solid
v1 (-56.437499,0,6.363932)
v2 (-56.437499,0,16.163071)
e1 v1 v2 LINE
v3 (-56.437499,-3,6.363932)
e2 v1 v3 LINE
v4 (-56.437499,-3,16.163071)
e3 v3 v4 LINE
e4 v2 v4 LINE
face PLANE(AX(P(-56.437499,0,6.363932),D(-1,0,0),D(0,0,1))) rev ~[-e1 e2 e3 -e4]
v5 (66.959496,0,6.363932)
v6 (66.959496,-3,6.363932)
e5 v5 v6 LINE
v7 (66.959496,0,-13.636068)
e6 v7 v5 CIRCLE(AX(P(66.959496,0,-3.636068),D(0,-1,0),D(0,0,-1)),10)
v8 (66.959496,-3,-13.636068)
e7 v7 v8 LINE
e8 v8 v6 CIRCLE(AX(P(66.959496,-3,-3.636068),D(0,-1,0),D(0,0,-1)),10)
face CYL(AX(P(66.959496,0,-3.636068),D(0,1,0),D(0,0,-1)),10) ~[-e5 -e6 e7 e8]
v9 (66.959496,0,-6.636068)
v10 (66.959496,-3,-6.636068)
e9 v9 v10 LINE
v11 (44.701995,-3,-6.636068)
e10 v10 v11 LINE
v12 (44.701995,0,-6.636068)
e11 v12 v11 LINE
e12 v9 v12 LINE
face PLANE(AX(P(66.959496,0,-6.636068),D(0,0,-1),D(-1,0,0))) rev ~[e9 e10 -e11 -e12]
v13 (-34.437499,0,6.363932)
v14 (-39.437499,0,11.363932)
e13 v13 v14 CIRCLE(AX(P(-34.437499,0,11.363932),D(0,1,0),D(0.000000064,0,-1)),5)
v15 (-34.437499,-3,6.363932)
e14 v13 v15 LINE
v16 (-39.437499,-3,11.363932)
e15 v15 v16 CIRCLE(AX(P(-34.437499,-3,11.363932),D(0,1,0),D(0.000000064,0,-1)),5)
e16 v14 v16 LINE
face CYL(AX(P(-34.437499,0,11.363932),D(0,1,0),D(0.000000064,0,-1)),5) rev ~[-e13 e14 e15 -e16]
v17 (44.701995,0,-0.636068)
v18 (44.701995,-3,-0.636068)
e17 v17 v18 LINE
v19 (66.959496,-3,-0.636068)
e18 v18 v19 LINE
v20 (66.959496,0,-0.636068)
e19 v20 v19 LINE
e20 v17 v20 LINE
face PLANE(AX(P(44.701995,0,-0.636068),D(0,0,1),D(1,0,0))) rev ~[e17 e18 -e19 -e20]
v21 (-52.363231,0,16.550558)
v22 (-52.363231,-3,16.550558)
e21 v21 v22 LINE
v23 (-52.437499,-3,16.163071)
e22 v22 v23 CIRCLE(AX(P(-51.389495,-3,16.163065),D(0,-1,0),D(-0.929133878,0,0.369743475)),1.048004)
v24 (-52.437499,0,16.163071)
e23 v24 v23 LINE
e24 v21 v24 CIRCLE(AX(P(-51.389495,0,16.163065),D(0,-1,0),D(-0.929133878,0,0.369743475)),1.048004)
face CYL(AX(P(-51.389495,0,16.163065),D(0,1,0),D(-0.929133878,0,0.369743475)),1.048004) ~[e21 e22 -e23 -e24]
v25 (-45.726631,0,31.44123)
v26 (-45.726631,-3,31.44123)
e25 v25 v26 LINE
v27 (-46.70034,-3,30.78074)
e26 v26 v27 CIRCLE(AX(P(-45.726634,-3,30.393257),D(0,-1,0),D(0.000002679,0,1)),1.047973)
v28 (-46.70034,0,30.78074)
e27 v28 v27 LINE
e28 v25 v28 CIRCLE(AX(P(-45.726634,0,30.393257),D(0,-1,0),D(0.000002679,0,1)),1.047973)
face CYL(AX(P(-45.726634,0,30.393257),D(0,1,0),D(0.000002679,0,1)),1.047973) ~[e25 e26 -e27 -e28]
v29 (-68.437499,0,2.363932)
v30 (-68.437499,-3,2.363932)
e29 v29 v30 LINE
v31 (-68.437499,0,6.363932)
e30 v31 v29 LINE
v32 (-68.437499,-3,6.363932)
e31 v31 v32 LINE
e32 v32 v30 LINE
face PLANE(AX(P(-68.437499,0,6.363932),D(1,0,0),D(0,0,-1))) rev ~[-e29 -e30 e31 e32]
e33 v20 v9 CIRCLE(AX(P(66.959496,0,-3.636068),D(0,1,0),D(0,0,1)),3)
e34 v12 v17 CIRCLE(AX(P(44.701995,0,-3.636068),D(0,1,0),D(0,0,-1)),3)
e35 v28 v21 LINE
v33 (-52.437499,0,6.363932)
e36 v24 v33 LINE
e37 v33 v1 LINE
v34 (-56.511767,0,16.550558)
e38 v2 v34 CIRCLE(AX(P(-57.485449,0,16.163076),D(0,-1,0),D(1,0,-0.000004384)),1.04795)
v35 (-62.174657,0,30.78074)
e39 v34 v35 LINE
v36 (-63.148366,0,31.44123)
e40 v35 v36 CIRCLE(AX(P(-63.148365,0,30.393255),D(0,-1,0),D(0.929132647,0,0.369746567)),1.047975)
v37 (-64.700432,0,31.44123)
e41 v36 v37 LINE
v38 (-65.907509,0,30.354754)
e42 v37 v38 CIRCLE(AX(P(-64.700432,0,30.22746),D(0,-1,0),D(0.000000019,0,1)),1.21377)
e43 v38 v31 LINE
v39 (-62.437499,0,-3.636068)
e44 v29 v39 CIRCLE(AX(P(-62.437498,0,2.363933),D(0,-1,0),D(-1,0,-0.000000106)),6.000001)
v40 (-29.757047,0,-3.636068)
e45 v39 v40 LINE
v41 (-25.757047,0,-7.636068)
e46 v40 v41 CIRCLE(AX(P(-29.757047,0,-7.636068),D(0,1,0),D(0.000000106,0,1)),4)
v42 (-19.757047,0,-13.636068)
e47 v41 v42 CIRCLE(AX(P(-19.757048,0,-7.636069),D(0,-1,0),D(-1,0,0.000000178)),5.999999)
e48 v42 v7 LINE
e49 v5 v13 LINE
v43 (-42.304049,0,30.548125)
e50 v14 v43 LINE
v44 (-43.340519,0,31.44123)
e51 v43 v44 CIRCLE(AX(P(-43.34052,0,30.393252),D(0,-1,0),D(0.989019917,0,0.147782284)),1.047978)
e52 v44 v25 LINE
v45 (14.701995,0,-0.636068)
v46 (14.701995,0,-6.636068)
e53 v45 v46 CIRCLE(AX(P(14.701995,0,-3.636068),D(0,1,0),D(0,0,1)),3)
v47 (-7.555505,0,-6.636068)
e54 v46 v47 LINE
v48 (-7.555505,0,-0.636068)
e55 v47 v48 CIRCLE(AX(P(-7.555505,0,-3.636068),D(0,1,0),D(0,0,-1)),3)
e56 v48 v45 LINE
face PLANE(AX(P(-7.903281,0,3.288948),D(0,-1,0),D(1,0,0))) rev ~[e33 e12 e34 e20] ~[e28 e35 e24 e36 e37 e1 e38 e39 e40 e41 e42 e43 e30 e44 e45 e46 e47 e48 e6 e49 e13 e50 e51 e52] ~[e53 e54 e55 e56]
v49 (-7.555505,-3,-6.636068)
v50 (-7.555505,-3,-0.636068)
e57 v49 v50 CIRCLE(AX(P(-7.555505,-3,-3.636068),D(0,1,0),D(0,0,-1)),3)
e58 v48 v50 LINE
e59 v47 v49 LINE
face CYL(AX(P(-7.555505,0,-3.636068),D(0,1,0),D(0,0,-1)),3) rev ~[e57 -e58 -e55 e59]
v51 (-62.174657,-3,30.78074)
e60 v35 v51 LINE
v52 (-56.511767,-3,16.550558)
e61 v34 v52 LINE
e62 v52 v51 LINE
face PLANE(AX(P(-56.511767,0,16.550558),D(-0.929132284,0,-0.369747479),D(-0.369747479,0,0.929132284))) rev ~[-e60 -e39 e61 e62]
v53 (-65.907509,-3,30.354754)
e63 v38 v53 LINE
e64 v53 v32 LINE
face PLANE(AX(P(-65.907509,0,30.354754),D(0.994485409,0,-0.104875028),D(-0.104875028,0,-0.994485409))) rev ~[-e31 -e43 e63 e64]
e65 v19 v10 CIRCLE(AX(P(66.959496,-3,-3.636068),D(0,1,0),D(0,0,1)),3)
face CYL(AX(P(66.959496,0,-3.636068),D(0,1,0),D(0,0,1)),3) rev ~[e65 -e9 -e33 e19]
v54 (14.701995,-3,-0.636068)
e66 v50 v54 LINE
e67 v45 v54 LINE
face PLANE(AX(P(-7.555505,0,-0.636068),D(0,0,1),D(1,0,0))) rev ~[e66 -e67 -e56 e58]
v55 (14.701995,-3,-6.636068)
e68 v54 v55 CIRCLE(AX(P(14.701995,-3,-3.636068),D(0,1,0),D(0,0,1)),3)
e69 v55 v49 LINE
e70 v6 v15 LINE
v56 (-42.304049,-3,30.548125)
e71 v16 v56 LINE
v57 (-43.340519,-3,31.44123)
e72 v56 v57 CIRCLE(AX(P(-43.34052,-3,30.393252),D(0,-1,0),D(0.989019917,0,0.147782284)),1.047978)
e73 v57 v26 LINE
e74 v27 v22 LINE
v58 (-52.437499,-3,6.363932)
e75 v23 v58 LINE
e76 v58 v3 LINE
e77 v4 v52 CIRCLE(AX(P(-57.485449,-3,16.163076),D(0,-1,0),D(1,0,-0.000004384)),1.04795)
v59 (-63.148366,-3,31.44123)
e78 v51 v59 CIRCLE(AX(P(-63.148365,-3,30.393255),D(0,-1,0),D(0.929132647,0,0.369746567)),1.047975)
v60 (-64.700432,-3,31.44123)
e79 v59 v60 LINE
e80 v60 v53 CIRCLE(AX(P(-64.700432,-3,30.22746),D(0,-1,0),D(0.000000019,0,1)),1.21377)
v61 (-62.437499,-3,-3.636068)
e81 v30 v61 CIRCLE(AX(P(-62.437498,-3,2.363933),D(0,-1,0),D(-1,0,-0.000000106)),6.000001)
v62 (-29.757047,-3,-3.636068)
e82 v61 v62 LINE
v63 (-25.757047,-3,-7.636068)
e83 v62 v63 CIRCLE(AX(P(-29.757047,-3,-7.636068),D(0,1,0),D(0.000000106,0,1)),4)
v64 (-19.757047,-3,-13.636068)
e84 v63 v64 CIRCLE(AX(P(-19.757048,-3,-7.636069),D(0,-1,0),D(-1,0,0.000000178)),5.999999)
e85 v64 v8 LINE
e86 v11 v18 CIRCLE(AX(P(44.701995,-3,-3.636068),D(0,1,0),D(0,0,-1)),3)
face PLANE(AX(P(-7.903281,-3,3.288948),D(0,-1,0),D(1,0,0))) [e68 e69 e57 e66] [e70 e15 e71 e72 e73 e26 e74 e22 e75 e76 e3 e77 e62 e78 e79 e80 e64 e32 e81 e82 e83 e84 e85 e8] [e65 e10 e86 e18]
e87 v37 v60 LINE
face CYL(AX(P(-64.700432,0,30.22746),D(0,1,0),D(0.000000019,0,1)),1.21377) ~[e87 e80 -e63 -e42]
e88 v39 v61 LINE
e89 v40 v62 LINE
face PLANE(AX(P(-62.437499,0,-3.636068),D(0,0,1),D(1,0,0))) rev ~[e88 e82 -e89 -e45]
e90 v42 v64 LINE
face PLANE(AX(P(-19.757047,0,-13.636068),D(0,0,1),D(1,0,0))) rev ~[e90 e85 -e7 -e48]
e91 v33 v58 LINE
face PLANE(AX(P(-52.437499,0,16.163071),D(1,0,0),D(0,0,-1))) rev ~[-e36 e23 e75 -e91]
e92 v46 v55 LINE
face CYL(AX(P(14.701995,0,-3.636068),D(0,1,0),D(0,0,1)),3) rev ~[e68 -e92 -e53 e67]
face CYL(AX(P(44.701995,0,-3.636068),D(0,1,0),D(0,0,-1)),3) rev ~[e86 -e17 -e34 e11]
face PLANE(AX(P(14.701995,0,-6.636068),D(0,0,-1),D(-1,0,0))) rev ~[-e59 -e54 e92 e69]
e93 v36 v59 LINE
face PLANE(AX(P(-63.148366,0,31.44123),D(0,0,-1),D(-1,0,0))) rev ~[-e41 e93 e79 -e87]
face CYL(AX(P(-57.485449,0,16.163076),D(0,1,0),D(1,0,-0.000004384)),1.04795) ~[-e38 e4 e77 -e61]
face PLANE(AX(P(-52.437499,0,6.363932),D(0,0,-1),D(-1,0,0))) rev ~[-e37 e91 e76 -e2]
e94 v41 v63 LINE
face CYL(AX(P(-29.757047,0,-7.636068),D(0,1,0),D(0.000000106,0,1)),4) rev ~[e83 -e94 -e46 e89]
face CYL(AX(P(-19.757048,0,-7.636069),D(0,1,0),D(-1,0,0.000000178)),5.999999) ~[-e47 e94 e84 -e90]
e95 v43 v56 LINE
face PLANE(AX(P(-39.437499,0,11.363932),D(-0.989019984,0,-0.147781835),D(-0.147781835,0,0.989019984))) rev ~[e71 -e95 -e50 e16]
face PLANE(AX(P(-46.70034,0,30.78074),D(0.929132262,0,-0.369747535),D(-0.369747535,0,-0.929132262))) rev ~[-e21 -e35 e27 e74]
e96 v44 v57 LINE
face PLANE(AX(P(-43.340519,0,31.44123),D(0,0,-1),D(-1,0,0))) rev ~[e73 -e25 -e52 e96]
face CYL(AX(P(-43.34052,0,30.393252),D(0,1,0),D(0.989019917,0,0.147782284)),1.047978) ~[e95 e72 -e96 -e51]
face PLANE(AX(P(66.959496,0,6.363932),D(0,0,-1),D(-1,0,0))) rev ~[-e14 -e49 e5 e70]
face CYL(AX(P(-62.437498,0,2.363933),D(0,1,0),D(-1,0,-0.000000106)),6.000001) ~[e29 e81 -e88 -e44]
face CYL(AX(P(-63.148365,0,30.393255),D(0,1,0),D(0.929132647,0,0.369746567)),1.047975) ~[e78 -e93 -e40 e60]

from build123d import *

# Parameters (mm, degrees)
F1_DEPTH = 3


with BuildPart() as f1:
    # F0 (on Front) → F1 (new body)
    with BuildSketch(Plane.XZ):
        with BuildLine():
            Line((66.959496, 6.363932), (-34.437499, 6.363932))
            ThreePointArc((-34.437499, 6.363932), (-37.973033, 7.828398), (-39.437499, 11.363932))
            Line((-39.437499, 11.363932), (-42.304049, 30.548125))
            ThreePointArc((-42.304049, 30.548125), (-42.656431, 31.187154), (-43.340519, 31.44123))
            Line((-43.340519, 31.44123), (-45.726631, 31.44123))
            ThreePointArc((-45.726631, 31.44123), (-46.314925, 31.260529), (-46.70034, 30.78074))
            Line((-46.70034, 30.78074), (-52.363231, 16.550558))
            ThreePointArc((-52.363231, 16.550558), (-52.418764, 16.360341), (-52.437499, 16.163071))
            Line((-52.437499, 16.163071), (-52.437499, 6.363932))
            Line((-52.437499, 6.363932), (-56.437499, 6.363932))
            Line((-56.437499, 6.363932), (-56.437499, 16.163071))
            ThreePointArc((-56.437499, 16.163071), (-56.456233, 16.360341), (-56.511767, 16.550558))
            Line((-56.511767, 16.550558), (-62.174657, 30.78074))
            ThreePointArc((-62.174657, 30.78074), (-62.560073, 31.260529), (-63.148366, 31.44123))
            Line((-63.148366, 31.44123), (-64.700432, 31.44123))
            ThreePointArc((-64.700432, 31.44123), (-65.512445, 31.129609), (-65.907509, 30.354754))
            Line((-65.907509, 30.354754), (-68.437499, 6.363932))
            Line((-68.437499, 6.363932), (-68.437499, 2.363932))
            ThreePointArc((-68.437499, 2.363932), (-66.680139, -1.878709), (-62.437499, -3.636068))
            Line((-62.437499, -3.636068), (-29.757047, -3.636068))
            ThreePointArc((-29.757047, -3.636068), (-26.92862, -4.807641), (-25.757047, -7.636068))
            ThreePointArc((-25.757047, -7.636068), (-23.999688, -11.878709), (-19.757047, -13.636068))
            Line((-19.757047, -13.636068), (66.959496, -13.636068))
            ThreePointArc((66.959496, -13.636068), (76.959496, -3.636068), (66.959496, 6.363932))
        make_face()
        with BuildLine():
            Line((14.701995, -6.636068), (-7.555505, -6.636068))
            ThreePointArc((-7.555505, -6.636068), (-10.555505, -3.636068), (-7.555505, -0.636068))
            Line((-7.555505, -0.636068), (14.701995, -0.636068))
            ThreePointArc((14.701995, -0.636068), (17.701995, -3.636068), (14.701995, -6.636068))
        make_face(mode=Mode.SUBTRACT)
        with BuildLine():
            ThreePointArc((66.959496, -0.636068), (69.959496, -3.636068), (66.959496, -6.636068))
            Line((66.959496, -6.636068), (44.701995, -6.636068))
            ThreePointArc((44.701995, -6.636068), (41.701995, -3.636068), (44.701995, -0.636068))
            Line((44.701995, -0.636068), (66.959496, -0.636068))
        make_face(mode=Mode.SUBTRACT)
    extrude(amount=F1_DEPTH)


solid = f1.part
